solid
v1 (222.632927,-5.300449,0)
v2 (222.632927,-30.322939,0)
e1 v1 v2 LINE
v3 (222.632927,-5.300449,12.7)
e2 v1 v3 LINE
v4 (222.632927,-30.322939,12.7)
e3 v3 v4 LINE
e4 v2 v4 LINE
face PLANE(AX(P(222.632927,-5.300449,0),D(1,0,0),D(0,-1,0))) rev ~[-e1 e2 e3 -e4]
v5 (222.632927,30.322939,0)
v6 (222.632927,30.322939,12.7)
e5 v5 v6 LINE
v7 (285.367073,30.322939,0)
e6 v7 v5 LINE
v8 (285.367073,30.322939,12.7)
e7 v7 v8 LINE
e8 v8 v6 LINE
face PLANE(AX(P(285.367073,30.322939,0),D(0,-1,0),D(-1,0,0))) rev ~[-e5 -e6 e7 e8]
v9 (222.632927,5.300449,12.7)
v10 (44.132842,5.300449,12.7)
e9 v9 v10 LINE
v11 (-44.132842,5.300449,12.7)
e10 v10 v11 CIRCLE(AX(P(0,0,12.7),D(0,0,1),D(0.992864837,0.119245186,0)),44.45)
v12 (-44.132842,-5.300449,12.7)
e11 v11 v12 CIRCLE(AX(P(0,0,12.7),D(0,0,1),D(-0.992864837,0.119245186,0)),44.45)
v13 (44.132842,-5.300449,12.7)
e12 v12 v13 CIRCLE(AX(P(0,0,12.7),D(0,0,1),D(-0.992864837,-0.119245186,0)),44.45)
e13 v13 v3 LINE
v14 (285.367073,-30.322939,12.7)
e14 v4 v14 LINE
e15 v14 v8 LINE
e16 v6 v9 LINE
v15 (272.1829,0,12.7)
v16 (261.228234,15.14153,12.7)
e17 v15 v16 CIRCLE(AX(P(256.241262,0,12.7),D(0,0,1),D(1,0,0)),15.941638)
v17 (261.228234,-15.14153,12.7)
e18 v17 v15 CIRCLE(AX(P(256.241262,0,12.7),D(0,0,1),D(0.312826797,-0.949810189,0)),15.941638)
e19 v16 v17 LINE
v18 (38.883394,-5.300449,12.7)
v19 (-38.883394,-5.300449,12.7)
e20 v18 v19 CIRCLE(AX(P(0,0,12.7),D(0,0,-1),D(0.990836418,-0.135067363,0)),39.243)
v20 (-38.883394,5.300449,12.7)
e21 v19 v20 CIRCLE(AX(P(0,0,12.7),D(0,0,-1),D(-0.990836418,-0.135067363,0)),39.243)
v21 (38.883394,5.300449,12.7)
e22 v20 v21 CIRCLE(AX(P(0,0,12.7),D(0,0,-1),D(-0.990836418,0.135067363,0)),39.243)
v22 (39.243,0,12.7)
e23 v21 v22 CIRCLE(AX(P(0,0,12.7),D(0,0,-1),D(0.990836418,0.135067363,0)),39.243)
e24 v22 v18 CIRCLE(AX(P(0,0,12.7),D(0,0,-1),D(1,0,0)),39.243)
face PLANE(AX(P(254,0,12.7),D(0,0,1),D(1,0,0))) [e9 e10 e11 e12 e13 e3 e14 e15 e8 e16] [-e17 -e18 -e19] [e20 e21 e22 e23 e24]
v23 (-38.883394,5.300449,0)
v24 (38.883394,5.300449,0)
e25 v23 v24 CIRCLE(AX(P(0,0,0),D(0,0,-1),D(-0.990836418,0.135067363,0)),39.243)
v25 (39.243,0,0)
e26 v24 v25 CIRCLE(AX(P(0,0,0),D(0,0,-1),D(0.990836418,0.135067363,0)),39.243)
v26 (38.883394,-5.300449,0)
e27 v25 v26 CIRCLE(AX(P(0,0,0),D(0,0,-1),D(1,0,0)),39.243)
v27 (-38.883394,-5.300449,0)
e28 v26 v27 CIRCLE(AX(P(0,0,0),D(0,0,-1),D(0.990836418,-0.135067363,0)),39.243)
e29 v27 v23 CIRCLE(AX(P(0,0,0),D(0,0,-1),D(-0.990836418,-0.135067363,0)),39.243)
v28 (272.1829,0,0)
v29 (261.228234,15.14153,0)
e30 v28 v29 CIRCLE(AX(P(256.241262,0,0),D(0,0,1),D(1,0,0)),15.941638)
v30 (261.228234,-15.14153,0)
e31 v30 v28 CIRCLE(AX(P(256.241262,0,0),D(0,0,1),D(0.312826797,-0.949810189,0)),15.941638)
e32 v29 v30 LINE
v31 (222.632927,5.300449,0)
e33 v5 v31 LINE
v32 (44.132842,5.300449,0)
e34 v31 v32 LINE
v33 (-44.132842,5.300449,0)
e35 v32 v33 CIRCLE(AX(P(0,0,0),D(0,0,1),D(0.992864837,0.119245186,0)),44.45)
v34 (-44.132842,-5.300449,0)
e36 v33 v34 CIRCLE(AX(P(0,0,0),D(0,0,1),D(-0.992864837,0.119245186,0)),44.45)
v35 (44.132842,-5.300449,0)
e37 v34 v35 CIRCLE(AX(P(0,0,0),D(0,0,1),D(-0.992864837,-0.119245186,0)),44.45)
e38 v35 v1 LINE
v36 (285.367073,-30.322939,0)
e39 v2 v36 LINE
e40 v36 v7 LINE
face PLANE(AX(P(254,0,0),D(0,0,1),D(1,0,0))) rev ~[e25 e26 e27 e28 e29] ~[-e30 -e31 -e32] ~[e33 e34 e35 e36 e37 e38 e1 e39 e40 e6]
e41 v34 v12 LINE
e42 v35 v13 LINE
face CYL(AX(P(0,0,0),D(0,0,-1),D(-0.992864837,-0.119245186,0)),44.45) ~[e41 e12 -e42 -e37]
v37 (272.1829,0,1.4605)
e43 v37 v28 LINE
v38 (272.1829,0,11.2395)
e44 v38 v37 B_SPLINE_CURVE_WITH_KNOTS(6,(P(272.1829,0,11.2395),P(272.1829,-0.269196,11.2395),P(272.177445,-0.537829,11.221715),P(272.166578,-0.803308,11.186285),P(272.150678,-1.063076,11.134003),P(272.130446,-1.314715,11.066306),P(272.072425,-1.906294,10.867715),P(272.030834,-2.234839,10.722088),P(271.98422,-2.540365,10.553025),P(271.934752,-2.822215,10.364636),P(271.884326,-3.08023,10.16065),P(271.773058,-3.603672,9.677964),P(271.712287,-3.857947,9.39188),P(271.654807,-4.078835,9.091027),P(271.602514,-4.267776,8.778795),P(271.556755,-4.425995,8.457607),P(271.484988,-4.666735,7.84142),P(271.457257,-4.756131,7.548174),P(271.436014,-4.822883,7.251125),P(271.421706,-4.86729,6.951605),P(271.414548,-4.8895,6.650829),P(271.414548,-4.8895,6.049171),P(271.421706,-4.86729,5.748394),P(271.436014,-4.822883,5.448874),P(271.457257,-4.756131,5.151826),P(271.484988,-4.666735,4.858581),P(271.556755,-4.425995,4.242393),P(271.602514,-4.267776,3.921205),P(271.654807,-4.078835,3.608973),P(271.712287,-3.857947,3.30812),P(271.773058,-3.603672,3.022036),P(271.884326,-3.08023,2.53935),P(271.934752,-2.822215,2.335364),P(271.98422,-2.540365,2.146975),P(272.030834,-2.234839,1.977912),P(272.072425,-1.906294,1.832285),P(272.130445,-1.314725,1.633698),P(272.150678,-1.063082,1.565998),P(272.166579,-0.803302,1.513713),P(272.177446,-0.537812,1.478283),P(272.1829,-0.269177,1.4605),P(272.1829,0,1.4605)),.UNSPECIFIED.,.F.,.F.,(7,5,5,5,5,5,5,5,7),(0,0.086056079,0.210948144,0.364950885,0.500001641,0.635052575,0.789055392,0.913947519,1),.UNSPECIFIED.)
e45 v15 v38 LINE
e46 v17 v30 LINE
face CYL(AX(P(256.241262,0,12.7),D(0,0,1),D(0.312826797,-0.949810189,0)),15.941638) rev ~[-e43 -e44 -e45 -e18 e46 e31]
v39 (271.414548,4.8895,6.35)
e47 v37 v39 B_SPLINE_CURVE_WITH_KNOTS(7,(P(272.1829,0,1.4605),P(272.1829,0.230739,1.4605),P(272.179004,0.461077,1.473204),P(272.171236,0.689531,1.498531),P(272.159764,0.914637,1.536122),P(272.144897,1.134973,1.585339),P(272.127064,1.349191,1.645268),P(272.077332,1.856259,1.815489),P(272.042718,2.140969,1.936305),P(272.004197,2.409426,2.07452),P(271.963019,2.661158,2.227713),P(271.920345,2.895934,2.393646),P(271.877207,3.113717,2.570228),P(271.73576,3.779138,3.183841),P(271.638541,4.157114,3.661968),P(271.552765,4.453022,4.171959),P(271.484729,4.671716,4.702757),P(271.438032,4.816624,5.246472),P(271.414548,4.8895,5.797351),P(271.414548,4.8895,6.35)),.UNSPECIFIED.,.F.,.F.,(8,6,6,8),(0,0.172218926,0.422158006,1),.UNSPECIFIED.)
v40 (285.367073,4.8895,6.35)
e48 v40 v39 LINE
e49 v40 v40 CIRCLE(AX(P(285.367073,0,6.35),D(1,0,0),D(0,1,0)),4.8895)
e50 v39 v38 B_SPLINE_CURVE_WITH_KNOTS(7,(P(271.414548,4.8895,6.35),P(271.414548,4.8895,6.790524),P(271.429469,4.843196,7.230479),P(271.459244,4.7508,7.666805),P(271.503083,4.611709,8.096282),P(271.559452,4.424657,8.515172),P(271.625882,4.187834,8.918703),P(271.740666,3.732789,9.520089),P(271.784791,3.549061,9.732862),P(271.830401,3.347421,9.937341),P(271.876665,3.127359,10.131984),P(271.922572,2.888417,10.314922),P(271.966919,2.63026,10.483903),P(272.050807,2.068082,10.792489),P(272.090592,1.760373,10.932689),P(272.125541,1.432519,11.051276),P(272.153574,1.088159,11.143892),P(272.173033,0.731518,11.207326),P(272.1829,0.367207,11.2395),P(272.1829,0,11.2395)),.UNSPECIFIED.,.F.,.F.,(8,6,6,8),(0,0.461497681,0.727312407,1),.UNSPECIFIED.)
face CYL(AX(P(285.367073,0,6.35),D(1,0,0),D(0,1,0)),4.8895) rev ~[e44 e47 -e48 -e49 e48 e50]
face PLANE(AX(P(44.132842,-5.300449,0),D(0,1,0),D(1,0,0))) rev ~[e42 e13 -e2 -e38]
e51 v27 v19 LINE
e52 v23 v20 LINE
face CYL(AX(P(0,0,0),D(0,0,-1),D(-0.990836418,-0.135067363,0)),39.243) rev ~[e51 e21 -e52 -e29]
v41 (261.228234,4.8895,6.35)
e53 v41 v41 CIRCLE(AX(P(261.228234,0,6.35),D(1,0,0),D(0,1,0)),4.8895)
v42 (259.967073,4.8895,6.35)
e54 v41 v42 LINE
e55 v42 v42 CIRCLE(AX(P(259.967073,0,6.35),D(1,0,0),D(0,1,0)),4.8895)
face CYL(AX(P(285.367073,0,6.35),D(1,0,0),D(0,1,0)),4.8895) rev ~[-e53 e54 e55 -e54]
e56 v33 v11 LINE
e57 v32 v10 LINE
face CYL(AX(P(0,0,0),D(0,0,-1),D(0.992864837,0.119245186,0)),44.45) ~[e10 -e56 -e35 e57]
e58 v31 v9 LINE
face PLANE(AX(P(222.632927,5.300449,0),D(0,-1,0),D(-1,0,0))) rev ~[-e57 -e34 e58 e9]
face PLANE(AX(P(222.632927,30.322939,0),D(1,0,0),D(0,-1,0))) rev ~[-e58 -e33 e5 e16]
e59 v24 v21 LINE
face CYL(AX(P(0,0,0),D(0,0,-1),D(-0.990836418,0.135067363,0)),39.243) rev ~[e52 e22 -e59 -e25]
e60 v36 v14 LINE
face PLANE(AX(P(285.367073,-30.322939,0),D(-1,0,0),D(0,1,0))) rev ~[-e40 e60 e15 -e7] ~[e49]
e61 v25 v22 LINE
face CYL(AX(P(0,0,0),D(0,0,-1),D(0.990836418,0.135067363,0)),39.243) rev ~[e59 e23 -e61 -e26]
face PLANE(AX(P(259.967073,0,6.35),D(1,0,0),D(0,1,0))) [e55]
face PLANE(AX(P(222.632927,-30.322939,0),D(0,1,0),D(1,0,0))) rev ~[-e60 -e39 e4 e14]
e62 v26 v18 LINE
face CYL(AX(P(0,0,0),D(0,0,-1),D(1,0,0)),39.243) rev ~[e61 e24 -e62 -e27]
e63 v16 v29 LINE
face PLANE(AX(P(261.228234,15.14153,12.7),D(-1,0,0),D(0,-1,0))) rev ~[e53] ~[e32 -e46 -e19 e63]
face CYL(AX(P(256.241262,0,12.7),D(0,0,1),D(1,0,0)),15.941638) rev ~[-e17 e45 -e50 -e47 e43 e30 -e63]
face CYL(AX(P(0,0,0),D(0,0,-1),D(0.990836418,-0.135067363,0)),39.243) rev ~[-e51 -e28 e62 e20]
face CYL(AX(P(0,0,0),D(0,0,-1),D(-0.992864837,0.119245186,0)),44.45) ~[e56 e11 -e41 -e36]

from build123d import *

# Parameters (mm, degrees)
F1_DEPTH = 12.7
F3_DEPTH = 25.4
F4_R     = 4.8895
F5_DEPTH = 25.4


with BuildPart() as f1:
    # F0 (on Top) → F1 (new body)
    with BuildSketch(Plane.XY):
        Polygon((222.6329271213, 5.3004485337), (222.6329271213, 0), (222.6329271213, -5.3004485337), (222.6329271213, -30.3229389596), (285.3670728787, -30.3229389596), (285.3670728787, 30.3229389596), (222.6329271213, 30.3229389596), align=None)
        with BuildLine():
            ThreePointArc((44.1328420266, 5.3004485337), (44.3706396623, 2.654964399), (44.45, 0))
            Line((44.45, 0), (222.6329271213, 0))
            Line((222.6329271213, 0), (222.6329271213, 5.3004485337))
            Line((222.6329271213, 5.3004485337), (44.1328420266, 5.3004485337))
        make_face()
        with BuildLine():
            Line((222.6329271213, 0), (44.45, 0))
            ThreePointArc((44.45, 0), (44.3706396623, -2.654964399), (44.1328420266, -5.3004485337))
            Line((44.1328420266, -5.3004485337), (222.6329271213, -5.3004485337))
            Line((222.6329271213, -5.3004485337), (222.6329271213, 0))
        make_face()
        with BuildLine():
            ThreePointArc((-38.8833935549, 5.3004485337), (0, 39.243), (38.8833935548, 5.3004485337))
            Line((38.8833935548, 5.3004485337), (44.1328420266, 5.3004485337))
            ThreePointArc((44.1328420266, 5.3004485337), (0, 44.45), (-44.1328420266, 5.3004485337))
            Line((-44.1328420266, 5.3004485337), (-38.8833935549, 5.3004485337))
        make_face()
        with BuildLine():
            Line((44.1328420266, -5.3004485337), (38.8833935548, -5.3004485337))
            ThreePointArc((38.8833935548, -5.3004485337), (0, -39.243), (-38.8833935549, -5.3004485337))
            Line((-38.8833935549, -5.3004485337), (-44.1328420266, -5.3004485337))
            ThreePointArc((-44.1328420266, -5.3004485337), (0, -44.45), (44.1328420266, -5.3004485337))
        make_face()
        with BuildLine():
            ThreePointArc((38.8833935548, 5.3004485337), (39.1529951745, 2.656316597), (39.243, 0))
            Line((39.243, 0), (44.45, 0))
            ThreePointArc((44.45, 0), (44.3706396623, 2.654964399), (44.1328420266, 5.3004485337))
            Line((44.1328420266, 5.3004485337), (38.8833935548, 5.3004485337))
        make_face()
        with BuildLine():
            Line((44.45, 0), (39.243, 0))
            ThreePointArc((39.243, 0), (39.1529951745, -2.656316597), (38.8833935548, -5.3004485337))
            Line((38.8833935548, -5.3004485337), (44.1328420266, -5.3004485337))
            ThreePointArc((44.1328420266, -5.3004485337), (44.3706396623, -2.654964399), (44.45, 0))
        make_face()
        with BuildLine():
            ThreePointArc((-38.8833935549, -5.3004485337), (-39.243, 0), (-38.8833935549, 5.3004485337))
            Line((-38.8833935549, 5.3004485337), (-44.1328420266, 5.3004485337))
            ThreePointArc((-44.1328420266, 5.3004485337), (-44.45, 0), (-44.1328420266, -5.3004485337))
            Line((-44.1328420266, -5.3004485337), (-38.8833935549, -5.3004485337))
        make_face()
    extrude(amount=F1_DEPTH)

    # F2 (on face) → F3 (cut)
    with BuildSketch(Plane.XY.offset(12.7)):
        with BuildLine():
            ThreePointArc((261.2282336072, -15.141530461), (269.1570726001, -9.3443922439), (272.182900235, 0))
            ThreePointArc((272.182900235, 0), (269.1570726001, 9.3443922439), (261.2282336072, 15.141530461))
            Line((261.2282336072, 15.141530461), (261.2282336072, -15.141530461))
        make_face()
    extrude(amount=-F3_DEPTH, mode=Mode.SUBTRACT)

    # F4 (on face) → F5 (cut)
    with BuildSketch(Plane.YZ.offset(285.3670728787)):
        with Locations((0, 6.35)):
            Circle(F4_R)
    extrude(amount=-F5_DEPTH, mode=Mode.SUBTRACT)


solid = f1.part
